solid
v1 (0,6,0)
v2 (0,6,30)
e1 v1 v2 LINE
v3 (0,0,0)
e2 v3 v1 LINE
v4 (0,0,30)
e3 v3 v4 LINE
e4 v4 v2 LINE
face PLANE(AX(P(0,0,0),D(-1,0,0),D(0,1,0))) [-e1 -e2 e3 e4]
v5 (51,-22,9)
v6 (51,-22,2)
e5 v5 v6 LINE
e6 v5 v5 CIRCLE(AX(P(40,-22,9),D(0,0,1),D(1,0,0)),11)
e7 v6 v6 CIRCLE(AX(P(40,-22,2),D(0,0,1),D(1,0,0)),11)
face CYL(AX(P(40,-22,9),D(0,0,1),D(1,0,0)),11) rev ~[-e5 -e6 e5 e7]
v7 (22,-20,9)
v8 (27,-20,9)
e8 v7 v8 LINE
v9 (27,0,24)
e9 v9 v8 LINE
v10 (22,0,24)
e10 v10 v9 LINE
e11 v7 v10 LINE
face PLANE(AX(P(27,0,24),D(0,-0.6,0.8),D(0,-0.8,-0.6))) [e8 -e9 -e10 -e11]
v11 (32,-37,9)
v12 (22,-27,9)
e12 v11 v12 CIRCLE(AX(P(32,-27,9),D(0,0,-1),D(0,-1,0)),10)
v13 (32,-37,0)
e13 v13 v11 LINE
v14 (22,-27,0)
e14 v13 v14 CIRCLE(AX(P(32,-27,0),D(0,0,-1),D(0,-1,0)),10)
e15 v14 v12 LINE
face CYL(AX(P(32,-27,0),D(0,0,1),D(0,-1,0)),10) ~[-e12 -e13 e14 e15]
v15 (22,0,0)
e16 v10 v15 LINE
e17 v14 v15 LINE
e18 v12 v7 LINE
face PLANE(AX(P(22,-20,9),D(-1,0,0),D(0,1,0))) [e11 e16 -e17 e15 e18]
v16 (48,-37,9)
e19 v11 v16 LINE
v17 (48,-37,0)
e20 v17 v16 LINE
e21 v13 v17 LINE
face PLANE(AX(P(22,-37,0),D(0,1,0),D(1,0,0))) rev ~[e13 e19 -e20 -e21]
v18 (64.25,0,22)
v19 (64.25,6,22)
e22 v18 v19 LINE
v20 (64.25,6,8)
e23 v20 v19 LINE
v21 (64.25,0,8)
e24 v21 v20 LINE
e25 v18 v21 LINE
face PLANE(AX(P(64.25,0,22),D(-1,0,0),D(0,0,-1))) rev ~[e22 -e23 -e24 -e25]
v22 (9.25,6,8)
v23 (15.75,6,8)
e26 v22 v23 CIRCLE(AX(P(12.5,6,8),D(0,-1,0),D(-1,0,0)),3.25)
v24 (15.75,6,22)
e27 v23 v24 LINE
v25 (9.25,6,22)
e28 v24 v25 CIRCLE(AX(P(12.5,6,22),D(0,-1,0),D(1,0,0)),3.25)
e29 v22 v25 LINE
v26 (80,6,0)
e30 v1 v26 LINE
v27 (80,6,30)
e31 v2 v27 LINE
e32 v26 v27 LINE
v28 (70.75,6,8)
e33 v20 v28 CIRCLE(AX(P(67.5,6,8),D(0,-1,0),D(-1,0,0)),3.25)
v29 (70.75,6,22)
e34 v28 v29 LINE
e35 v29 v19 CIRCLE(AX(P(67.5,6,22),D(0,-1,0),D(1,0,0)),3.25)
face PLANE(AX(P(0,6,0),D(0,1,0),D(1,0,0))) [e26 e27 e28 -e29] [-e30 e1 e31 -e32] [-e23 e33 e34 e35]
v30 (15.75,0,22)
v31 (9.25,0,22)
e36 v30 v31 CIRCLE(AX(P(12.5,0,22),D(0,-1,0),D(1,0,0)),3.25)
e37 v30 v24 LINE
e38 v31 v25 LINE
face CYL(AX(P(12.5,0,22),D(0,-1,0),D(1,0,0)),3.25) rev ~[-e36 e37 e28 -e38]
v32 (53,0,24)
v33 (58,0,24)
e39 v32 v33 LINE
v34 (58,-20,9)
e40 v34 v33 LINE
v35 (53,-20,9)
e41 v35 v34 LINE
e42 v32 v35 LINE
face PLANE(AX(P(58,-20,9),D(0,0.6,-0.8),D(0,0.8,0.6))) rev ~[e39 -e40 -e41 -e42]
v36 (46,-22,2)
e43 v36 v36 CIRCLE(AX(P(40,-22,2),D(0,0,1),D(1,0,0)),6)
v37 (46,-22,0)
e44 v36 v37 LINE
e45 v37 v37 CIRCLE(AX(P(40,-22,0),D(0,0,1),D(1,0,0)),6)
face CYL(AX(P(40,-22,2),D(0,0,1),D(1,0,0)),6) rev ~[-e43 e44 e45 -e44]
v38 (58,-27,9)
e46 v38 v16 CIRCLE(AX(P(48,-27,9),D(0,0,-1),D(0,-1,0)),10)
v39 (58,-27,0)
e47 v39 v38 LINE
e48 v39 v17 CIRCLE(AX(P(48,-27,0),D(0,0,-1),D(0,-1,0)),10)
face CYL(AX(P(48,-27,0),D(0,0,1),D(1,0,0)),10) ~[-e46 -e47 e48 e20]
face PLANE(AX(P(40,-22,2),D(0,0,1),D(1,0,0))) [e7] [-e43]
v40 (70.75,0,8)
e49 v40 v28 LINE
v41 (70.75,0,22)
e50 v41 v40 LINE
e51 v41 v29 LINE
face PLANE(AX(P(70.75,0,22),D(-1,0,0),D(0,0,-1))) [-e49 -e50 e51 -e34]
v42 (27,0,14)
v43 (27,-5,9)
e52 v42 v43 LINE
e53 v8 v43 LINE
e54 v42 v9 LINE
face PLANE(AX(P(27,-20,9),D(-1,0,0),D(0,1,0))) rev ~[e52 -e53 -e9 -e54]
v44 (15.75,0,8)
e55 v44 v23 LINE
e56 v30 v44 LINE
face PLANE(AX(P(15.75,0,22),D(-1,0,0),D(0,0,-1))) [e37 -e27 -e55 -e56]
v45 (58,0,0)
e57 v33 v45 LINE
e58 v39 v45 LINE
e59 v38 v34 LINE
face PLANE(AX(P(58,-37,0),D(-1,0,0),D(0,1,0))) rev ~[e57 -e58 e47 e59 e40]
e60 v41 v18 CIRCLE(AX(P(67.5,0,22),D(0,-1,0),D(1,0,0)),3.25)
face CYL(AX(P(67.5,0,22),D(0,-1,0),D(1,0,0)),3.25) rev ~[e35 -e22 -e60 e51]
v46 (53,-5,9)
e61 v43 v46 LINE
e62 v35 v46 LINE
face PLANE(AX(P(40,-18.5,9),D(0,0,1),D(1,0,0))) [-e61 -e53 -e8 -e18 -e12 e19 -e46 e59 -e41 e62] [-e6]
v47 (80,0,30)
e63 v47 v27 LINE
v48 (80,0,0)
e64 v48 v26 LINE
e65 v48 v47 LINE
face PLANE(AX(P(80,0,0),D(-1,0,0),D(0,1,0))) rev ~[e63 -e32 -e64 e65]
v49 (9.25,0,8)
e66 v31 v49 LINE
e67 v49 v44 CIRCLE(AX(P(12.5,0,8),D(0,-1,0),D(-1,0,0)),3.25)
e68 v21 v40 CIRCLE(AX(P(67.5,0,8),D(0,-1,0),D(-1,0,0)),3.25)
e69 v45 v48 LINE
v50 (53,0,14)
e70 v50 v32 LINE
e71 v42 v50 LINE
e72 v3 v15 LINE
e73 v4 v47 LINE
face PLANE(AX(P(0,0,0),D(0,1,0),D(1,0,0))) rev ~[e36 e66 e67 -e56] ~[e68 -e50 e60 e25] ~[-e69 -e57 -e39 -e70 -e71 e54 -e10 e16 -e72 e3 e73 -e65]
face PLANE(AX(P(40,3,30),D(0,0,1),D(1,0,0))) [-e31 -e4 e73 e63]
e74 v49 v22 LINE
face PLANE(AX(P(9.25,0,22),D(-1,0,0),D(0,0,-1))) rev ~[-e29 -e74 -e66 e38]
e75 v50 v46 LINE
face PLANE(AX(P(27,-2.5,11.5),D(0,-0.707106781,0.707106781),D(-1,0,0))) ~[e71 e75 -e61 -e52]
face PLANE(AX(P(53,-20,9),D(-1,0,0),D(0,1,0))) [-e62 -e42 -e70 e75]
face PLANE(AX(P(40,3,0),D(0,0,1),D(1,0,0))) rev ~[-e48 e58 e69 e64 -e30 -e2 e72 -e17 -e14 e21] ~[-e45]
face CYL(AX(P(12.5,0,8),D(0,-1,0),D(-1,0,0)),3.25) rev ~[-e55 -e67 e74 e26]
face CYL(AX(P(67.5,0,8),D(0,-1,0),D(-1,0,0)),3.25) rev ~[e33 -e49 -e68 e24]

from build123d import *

# Parameters (mm, degrees)
BOX003_W        = 5
BOX003_H        = 20
BOX003_DEPTH    = 15
POCKET004_DEPTH = 5.001
BOX002_W        = 5
BOX002_H        = 20
BOX002_DEPTH    = 15
POCKET003_DEPTH = 5.001
BOX_W           = 80
BOX_H           = 6
BOX_DEPTH       = 30
POCKET002_DEPTH = 6.001
BOX001_W        = 36
BOX001_H        = 37
BOX001_DEPTH    = 9
SKETCH_R        = 11
POCKET_DEPTH    = 7
SKETCH001_R     = 6
POCKET001_DEPTH = 2.001
CHAMFER_SIZE    = 5
FILLET_R        = 10
FILLET001_R     = 10


with BuildPart() as pocket004:
    # Box003 → Box003 (new body)
    with BuildSketch(Plane(origin=(53, -20, 9), x_dir=(1, 0, 0), z_dir=(0, 0, 1))):
        with Locations((2.5, 10)):
            Rectangle(BOX003_W, BOX003_H)
    extrude(amount=BOX003_DEPTH)

    # Sketch005 → Pocket004 (cut, through all)
    with BuildSketch(Plane(origin=(58, -20, 9), x_dir=(0, 1, 0), z_dir=(1, 0, 0))):
        Polygon((0, 0), (20, 15), (0, 15), align=None)
    extrude(amount=-POCKET004_DEPTH, mode=Mode.SUBTRACT)


with BuildPart() as pocket003:
    # Box002 → Box002 (new body)
    with BuildSketch(Plane(origin=(22, -20, 9), x_dir=(1, 0, 0), z_dir=(0, 0, 1))):
        with Locations((2.5, 10)):
            Rectangle(BOX002_W, BOX002_H)
    extrude(amount=BOX002_DEPTH)

    # Sketch004 → Pocket003 (cut, through all)
    with BuildSketch(Plane(origin=(27, -20, 9), x_dir=(0, 1, 0), z_dir=(1, 0, 0))):
        Polygon((20, 15), (0, 0), (0, 15), align=None)
    extrude(amount=-POCKET003_DEPTH, mode=Mode.SUBTRACT)


with BuildPart() as pocket002:
    # Box → Box (new body)
    with BuildSketch(Plane.XY):
        with Locations((40, 3)):
            Rectangle(BOX_W, BOX_H)
    extrude(amount=BOX_DEPTH)

    # Sketch003 → Pocket002 (cut, through all)
    with BuildSketch(Plane.XZ):
        with BuildLine():
            ThreePointArc((15.75, 22), (12.5, 25.25), (9.25, 22))
            Line((9.25, 22), (9.25, 8))
            ThreePointArc((9.25, 8), (12.5, 4.75), (15.75, 8))
            Line((15.75, 22), (15.75, 8))
        make_face()
        with BuildLine():
            ThreePointArc((70.75, 22), (67.5, 25.25), (64.25, 22))
            Line((64.25, 22), (64.25, 8))
            ThreePointArc((64.25, 8), (67.5, 4.75), (70.75, 8))
            Line((70.75, 22), (70.75, 8))
        make_face()
    extrude(amount=-POCKET002_DEPTH, mode=Mode.SUBTRACT)


with BuildPart() as fillet001:
    # Box001 → Box001 (new body)
    with BuildSketch(Plane(origin=(22, -37, 0), x_dir=(1, 0, 0), z_dir=(0, 0, 1))):
        with Locations((18, 18.5)):
            Rectangle(BOX001_W, BOX001_H)
    extrude(amount=BOX001_DEPTH)

    # Sketch → Pocket (cut)
    with BuildSketch(Plane(origin=(22, -37, 9), x_dir=(1, 0, 0), z_dir=(0, 0, 1))):
        with Locations((18, 15)):
            Circle(SKETCH_R)
    extrude(amount=-POCKET_DEPTH, mode=Mode.SUBTRACT)

    # Sketch001 → Pocket001 (cut, through all)
    with BuildSketch(Plane(origin=(22, -37, 2), x_dir=(1, 0, 0), z_dir=(0, 0, 1))):
        with Locations((18, 15)):
            Circle(SKETCH001_R)
    extrude(amount=-POCKET001_DEPTH, mode=Mode.SUBTRACT)

    # Fusion: union Pocket004, Pocket003, Pocket002
    add(pocket004.part)
    add(pocket003.part)
    add(pocket002.part)

    # Chamfer
    chamfer_edges = [fillet001.edges().sort_by_distance(p)[0] for p in [
        (40, 0, 9),
    ]]
    chamfer(chamfer_edges, length=CHAMFER_SIZE)

    # Fillet
    fillet_edges = [fillet001.edges().sort_by_distance(p)[0] for p in [
        (58, -37, 4.5),
    ]]
    fillet(fillet_edges, radius=FILLET_R)

    # Fillet001
    fillet001_edges = [fillet001.edges().sort_by_distance(p)[0] for p in [
        (22, -37, 4.5),
    ]]
    fillet(fillet001_edges, radius=FILLET001_R)


solid = fillet001.part
